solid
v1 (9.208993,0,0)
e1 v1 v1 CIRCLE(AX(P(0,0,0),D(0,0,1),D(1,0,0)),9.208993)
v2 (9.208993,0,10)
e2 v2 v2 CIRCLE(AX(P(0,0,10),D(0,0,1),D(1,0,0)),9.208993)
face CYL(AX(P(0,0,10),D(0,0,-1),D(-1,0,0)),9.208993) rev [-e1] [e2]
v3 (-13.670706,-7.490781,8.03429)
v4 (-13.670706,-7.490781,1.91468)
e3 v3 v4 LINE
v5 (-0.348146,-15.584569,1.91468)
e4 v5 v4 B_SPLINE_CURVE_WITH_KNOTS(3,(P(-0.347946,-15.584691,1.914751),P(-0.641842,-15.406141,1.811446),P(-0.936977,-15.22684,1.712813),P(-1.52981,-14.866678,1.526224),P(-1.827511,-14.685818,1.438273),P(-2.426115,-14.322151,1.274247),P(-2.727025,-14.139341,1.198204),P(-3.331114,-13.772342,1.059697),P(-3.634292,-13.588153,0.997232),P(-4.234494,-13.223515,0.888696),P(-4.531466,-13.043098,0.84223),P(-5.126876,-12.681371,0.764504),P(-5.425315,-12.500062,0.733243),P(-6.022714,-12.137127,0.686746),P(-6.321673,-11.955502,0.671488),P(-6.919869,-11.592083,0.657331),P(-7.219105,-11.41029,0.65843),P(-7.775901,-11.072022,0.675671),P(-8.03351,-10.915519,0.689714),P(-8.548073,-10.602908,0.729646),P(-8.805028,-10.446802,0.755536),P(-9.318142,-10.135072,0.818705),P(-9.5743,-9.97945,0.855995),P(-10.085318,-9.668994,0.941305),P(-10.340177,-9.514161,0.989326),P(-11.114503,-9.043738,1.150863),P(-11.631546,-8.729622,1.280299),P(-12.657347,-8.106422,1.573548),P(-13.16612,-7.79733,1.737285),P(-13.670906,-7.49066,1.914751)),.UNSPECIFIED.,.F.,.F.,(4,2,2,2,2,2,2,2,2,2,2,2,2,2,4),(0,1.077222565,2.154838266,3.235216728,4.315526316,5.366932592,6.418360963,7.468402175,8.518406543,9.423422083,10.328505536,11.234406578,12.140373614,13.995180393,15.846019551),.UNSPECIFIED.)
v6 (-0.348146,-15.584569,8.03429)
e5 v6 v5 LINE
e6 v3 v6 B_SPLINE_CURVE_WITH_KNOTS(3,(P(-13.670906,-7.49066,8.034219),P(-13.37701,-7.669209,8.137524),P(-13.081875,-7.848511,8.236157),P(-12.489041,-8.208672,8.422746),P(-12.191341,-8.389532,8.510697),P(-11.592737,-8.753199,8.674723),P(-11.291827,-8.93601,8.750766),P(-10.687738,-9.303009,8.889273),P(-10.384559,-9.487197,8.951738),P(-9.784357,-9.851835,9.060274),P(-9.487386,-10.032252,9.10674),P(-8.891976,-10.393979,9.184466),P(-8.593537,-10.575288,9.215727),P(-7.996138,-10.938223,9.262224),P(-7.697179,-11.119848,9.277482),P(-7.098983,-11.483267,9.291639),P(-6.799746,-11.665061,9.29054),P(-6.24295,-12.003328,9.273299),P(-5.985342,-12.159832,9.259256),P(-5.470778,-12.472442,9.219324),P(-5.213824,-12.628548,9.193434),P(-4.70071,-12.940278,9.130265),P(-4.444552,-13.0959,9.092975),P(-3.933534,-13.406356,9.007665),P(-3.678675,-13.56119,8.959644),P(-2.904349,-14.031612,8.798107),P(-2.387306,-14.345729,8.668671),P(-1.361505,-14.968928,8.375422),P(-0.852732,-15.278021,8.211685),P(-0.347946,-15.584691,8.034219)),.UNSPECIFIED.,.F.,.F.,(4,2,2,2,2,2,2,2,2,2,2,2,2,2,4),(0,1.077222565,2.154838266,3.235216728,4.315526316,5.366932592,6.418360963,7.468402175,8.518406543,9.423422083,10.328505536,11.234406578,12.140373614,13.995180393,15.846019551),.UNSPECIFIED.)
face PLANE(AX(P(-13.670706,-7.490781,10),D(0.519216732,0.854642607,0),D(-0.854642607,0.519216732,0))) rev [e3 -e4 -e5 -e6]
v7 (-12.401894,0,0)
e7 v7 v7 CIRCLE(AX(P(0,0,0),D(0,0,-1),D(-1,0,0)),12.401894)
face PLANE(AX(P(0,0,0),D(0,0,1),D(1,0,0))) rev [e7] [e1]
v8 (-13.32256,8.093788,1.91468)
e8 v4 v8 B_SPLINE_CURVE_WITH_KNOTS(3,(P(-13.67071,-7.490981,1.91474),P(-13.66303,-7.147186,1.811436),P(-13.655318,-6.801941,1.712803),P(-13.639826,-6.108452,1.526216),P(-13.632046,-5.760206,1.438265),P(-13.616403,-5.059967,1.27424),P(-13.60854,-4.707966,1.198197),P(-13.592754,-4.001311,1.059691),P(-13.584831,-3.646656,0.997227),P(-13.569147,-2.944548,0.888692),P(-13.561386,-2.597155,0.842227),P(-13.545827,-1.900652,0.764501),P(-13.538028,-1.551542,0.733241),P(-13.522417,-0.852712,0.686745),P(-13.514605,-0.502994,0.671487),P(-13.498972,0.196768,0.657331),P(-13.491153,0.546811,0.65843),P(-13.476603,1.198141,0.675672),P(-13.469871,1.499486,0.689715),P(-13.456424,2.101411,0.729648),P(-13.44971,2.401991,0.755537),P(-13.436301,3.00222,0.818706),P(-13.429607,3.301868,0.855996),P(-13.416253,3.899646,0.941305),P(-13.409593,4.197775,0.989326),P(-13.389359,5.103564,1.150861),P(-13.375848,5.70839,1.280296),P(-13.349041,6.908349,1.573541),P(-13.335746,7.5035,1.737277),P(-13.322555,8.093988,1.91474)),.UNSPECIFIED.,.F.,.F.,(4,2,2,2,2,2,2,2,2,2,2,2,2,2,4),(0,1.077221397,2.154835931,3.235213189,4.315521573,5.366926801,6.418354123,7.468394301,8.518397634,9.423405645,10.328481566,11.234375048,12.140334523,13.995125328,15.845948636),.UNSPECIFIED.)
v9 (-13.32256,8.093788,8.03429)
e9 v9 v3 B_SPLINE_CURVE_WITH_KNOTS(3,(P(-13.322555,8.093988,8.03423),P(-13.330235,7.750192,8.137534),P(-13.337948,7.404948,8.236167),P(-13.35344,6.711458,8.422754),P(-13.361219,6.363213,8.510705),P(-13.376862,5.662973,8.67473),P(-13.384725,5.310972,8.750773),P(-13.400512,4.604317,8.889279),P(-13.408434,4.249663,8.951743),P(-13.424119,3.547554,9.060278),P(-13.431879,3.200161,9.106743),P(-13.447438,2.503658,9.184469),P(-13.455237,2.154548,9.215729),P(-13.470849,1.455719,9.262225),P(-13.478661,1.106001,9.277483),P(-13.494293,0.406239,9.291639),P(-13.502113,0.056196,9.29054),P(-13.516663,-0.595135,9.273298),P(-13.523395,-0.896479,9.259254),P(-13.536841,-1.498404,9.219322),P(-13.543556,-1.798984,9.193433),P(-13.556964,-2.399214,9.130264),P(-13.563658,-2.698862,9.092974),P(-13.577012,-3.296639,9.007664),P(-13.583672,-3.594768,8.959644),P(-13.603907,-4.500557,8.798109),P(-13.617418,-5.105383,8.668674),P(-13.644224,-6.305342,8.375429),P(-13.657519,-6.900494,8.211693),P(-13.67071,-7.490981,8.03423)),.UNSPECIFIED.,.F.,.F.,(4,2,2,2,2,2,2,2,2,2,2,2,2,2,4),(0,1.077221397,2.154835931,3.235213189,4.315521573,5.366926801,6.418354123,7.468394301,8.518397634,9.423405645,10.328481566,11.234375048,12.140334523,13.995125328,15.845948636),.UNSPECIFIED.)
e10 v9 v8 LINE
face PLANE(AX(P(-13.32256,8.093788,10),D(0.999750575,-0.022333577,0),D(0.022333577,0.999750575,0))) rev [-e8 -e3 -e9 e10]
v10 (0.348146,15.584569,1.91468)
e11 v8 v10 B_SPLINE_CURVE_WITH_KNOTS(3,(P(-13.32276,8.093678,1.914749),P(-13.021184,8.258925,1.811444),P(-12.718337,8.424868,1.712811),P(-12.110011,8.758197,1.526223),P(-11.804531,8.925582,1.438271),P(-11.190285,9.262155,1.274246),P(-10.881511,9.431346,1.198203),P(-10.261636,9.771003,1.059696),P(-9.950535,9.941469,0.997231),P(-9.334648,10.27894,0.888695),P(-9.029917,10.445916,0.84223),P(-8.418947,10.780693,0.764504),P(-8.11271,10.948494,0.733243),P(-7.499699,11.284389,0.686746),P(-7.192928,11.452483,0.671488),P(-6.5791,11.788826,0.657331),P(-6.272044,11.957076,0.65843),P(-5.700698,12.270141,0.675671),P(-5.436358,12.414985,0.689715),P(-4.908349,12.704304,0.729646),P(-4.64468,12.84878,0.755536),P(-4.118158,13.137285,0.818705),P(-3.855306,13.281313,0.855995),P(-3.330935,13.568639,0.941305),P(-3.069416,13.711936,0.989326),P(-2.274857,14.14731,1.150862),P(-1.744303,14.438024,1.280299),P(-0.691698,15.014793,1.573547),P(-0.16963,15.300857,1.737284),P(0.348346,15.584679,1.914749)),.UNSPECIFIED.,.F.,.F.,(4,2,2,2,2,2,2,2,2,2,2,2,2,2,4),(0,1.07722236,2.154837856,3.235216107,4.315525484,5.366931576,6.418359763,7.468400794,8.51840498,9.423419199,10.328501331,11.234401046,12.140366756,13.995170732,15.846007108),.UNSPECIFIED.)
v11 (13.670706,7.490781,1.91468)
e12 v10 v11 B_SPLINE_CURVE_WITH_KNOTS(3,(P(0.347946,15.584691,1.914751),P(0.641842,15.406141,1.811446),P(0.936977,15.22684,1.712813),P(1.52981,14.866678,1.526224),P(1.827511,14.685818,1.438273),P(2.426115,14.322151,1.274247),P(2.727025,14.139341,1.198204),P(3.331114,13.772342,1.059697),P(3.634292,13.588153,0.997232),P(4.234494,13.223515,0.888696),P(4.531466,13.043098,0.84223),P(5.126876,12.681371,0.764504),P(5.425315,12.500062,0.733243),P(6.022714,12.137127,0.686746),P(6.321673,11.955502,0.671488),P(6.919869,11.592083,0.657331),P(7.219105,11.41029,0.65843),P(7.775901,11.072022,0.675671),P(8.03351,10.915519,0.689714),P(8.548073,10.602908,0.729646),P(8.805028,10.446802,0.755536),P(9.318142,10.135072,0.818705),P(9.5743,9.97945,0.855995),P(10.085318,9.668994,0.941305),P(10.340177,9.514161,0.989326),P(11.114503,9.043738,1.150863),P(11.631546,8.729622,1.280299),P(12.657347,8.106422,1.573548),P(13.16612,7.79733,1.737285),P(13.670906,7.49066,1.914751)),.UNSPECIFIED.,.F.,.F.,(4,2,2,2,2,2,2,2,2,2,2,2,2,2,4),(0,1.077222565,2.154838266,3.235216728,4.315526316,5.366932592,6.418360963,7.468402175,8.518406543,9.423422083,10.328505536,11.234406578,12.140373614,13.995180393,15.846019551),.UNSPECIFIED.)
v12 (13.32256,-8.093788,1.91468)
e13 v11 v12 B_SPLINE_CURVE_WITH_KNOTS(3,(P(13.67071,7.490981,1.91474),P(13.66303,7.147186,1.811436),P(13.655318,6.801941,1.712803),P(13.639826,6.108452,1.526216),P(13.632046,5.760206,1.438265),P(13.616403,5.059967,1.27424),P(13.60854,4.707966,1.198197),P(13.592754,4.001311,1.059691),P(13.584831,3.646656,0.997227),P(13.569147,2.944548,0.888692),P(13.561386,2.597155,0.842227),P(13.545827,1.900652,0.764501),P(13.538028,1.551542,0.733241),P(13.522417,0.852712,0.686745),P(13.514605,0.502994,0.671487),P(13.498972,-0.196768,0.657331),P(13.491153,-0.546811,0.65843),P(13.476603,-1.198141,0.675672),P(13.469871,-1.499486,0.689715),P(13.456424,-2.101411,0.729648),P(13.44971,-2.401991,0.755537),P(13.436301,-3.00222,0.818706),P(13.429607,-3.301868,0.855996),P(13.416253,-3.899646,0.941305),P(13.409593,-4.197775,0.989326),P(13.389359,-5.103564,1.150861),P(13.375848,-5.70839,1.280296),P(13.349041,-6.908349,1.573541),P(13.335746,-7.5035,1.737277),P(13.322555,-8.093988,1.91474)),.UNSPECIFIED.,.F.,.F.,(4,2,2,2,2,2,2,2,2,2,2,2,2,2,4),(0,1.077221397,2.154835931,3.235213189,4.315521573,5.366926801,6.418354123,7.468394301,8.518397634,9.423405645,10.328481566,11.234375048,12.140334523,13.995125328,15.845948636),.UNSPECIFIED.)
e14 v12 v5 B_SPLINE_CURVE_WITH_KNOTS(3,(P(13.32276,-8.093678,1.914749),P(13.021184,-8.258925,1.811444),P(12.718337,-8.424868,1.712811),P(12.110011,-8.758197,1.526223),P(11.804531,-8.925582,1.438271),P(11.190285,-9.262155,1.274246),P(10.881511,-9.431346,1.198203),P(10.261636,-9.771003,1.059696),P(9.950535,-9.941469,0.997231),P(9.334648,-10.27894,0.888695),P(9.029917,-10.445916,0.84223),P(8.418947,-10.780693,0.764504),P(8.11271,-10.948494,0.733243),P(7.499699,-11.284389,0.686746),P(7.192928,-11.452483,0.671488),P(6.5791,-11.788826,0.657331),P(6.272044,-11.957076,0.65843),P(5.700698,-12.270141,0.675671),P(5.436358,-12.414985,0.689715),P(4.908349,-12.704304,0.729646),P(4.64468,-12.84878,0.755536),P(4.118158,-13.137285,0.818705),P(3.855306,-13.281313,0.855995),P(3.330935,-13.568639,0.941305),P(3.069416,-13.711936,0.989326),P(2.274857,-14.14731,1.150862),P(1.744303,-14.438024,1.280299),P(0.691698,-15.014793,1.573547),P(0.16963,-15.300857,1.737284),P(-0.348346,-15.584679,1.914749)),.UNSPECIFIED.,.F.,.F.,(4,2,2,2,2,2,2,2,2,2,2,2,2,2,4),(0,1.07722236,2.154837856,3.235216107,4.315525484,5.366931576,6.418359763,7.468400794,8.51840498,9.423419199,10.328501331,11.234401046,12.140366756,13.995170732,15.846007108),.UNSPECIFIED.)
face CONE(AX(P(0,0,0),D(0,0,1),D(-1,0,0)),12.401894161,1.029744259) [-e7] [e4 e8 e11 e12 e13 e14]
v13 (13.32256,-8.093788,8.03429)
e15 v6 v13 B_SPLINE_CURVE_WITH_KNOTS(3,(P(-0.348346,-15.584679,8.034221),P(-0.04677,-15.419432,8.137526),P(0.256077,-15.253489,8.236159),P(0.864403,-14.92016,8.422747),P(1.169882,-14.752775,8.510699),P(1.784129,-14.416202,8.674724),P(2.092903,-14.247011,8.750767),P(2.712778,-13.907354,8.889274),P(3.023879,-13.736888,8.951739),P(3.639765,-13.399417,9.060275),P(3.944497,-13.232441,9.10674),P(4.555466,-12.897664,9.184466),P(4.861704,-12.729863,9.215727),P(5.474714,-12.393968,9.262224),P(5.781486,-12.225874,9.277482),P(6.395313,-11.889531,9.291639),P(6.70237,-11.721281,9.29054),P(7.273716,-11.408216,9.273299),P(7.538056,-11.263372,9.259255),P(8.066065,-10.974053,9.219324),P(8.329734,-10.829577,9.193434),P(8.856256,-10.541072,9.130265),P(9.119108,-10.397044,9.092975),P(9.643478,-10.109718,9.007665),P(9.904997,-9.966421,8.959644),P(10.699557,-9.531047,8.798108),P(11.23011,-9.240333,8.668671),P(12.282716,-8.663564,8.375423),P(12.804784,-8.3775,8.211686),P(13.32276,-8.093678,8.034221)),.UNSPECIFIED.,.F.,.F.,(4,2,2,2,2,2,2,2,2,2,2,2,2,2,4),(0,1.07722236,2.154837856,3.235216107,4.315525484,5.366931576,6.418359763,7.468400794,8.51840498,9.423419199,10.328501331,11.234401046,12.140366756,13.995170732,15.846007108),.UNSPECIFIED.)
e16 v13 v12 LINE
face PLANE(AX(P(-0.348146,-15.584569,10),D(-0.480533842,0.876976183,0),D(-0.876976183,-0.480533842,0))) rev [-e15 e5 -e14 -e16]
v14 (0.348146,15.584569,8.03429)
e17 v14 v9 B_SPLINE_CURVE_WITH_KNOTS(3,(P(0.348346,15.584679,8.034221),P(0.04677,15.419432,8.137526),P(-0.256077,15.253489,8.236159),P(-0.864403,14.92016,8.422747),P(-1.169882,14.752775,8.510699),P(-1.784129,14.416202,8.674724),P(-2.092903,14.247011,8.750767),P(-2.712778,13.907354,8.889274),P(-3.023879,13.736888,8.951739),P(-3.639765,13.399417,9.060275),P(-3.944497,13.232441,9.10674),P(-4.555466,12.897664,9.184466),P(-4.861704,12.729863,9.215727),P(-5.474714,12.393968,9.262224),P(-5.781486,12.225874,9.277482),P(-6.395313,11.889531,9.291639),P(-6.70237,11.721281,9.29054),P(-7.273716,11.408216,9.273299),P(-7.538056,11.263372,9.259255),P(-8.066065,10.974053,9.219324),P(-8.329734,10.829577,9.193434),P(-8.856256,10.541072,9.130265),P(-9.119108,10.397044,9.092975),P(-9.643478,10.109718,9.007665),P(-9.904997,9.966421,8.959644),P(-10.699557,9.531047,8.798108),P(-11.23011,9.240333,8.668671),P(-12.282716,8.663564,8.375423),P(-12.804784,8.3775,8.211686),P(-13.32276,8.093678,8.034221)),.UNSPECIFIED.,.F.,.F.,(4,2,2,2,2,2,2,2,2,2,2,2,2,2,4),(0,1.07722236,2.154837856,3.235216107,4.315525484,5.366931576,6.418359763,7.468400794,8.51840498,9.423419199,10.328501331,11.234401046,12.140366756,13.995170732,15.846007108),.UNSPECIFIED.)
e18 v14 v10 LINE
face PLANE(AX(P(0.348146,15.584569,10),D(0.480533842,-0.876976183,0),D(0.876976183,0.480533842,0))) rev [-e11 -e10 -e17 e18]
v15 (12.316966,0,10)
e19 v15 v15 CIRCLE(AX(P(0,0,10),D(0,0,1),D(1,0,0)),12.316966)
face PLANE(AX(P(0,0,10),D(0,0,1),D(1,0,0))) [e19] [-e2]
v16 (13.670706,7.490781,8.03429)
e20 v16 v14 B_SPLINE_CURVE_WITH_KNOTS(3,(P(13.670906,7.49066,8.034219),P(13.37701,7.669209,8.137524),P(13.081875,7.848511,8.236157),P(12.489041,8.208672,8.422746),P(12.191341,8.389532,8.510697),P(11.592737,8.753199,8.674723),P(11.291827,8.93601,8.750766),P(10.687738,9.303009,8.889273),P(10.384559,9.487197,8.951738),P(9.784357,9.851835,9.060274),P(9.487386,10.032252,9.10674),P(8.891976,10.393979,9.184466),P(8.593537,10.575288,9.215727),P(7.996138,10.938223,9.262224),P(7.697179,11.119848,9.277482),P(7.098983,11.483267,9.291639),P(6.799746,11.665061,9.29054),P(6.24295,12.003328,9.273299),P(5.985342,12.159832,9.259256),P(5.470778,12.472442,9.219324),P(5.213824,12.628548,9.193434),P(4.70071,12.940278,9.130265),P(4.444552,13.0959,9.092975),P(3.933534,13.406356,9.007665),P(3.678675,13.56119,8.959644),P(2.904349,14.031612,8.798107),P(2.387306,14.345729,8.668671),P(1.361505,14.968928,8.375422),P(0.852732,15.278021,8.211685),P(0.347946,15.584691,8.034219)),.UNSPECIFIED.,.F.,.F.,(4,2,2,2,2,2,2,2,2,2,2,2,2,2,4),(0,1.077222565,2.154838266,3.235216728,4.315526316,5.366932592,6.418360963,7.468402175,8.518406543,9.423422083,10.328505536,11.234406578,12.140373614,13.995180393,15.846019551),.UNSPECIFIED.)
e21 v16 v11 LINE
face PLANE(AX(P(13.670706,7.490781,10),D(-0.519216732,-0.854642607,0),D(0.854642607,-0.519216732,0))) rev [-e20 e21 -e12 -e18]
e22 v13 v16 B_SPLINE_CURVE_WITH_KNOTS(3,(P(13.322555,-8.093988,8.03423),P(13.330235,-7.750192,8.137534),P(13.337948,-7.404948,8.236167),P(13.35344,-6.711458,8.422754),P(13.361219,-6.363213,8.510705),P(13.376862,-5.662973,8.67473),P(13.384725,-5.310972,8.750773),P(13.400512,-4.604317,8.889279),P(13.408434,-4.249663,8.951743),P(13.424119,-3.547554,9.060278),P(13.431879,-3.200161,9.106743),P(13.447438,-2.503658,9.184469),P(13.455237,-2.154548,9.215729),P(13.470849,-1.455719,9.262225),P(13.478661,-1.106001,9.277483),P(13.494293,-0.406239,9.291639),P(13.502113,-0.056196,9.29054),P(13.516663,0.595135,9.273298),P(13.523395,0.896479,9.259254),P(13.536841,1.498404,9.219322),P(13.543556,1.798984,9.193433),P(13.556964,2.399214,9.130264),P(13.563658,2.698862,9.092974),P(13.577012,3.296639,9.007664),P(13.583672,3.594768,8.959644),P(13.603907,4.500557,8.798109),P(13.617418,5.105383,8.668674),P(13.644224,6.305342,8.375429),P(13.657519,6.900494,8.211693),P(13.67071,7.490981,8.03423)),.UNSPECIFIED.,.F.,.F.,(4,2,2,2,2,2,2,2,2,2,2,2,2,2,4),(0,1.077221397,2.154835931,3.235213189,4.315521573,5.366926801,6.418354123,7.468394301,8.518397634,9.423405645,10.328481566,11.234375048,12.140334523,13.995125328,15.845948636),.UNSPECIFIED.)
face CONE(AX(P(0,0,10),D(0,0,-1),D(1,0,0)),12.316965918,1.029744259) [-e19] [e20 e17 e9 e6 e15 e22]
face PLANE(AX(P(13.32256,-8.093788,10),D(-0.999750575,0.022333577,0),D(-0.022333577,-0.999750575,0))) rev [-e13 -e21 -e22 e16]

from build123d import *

# Parameters (mm, degrees)
CROQUIS1_R              = 9.208992718
SALIENTE_EXTRUIR1_DEPTH = 10
CROQUIS2_R              = 30.329695967
CROQUIS2_R_2            = 12.316965918
CORTAR_EXTRUIR1_DEPTH   = 10
CORTAR_EXTRUIR1_TAPER   = 59
CROQUIS3_R              = 29.014091156
CROQUIS3_R_2            = 12.401894161
CORTAR_EXTRUIR2_DEPTH   = 10
CORTAR_EXTRUIR2_DRAFT   = -59


with BuildPart() as part:
    # Croquis1 → Saliente-Extruir1 (new body)
    with BuildSketch(Plane.XY):
        Polygon((-13.322559753, 8.093787843), (-13.670705761, -7.490781268), (-0.348146008, -15.58456911), (13.322559753, -8.093787843), (13.670705761, 7.490781268), (0.348146008, 15.58456911), align=None)
        Circle(CROQUIS1_R, mode=Mode.SUBTRACT)
    extrude(amount=SALIENTE_EXTRUIR1_DEPTH)

    # Croquis2 → Cortar-Extruir1 (cut)
    with BuildSketch(Plane.XY.offset(10)):
        Circle(CROQUIS2_R)
        Circle(CROQUIS2_R_2, mode=Mode.SUBTRACT)
    extrude(amount=-CORTAR_EXTRUIR1_DEPTH, taper=CORTAR_EXTRUIR1_TAPER, mode=Mode.SUBTRACT)


with BuildPart() as cortar_extruir2_tool:
    # Croquis3 → Cortar-Extruir2 (with draft: the straight prism first)
    with BuildSketch(Plane(origin=(0, 0, 0), x_dir=(-1, 0, 0), z_dir=(0, 0, -1))):
        Circle(CROQUIS3_R)
        Circle(CROQUIS3_R_2, mode=Mode.SUBTRACT)
    extrude(amount=-CORTAR_EXTRUIR2_DEPTH)
    # Cortar-Extruir2: the draft: its side faces are tilted about the plane it starts from
    cortar_extruir2_sides = [cortar_extruir2_tool.faces().sort_by_distance(p)[0] for p in [
        (29.014091156, 0, 5),
        (12.401894161, 0, 5),
    ]]
    draft(cortar_extruir2_sides, Plane(origin=(0, 0, 0), x_dir=(-1, 0, 0), z_dir=(0, 0, -1)), CORTAR_EXTRUIR2_DRAFT)


with BuildPart() as part_1:
    add(part.part)

    # Cortar-Extruir2: cut by cortar_extruir2_tool
    add(cortar_extruir2_tool.part, mode=Mode.SUBTRACT)


solid = part_1.part
